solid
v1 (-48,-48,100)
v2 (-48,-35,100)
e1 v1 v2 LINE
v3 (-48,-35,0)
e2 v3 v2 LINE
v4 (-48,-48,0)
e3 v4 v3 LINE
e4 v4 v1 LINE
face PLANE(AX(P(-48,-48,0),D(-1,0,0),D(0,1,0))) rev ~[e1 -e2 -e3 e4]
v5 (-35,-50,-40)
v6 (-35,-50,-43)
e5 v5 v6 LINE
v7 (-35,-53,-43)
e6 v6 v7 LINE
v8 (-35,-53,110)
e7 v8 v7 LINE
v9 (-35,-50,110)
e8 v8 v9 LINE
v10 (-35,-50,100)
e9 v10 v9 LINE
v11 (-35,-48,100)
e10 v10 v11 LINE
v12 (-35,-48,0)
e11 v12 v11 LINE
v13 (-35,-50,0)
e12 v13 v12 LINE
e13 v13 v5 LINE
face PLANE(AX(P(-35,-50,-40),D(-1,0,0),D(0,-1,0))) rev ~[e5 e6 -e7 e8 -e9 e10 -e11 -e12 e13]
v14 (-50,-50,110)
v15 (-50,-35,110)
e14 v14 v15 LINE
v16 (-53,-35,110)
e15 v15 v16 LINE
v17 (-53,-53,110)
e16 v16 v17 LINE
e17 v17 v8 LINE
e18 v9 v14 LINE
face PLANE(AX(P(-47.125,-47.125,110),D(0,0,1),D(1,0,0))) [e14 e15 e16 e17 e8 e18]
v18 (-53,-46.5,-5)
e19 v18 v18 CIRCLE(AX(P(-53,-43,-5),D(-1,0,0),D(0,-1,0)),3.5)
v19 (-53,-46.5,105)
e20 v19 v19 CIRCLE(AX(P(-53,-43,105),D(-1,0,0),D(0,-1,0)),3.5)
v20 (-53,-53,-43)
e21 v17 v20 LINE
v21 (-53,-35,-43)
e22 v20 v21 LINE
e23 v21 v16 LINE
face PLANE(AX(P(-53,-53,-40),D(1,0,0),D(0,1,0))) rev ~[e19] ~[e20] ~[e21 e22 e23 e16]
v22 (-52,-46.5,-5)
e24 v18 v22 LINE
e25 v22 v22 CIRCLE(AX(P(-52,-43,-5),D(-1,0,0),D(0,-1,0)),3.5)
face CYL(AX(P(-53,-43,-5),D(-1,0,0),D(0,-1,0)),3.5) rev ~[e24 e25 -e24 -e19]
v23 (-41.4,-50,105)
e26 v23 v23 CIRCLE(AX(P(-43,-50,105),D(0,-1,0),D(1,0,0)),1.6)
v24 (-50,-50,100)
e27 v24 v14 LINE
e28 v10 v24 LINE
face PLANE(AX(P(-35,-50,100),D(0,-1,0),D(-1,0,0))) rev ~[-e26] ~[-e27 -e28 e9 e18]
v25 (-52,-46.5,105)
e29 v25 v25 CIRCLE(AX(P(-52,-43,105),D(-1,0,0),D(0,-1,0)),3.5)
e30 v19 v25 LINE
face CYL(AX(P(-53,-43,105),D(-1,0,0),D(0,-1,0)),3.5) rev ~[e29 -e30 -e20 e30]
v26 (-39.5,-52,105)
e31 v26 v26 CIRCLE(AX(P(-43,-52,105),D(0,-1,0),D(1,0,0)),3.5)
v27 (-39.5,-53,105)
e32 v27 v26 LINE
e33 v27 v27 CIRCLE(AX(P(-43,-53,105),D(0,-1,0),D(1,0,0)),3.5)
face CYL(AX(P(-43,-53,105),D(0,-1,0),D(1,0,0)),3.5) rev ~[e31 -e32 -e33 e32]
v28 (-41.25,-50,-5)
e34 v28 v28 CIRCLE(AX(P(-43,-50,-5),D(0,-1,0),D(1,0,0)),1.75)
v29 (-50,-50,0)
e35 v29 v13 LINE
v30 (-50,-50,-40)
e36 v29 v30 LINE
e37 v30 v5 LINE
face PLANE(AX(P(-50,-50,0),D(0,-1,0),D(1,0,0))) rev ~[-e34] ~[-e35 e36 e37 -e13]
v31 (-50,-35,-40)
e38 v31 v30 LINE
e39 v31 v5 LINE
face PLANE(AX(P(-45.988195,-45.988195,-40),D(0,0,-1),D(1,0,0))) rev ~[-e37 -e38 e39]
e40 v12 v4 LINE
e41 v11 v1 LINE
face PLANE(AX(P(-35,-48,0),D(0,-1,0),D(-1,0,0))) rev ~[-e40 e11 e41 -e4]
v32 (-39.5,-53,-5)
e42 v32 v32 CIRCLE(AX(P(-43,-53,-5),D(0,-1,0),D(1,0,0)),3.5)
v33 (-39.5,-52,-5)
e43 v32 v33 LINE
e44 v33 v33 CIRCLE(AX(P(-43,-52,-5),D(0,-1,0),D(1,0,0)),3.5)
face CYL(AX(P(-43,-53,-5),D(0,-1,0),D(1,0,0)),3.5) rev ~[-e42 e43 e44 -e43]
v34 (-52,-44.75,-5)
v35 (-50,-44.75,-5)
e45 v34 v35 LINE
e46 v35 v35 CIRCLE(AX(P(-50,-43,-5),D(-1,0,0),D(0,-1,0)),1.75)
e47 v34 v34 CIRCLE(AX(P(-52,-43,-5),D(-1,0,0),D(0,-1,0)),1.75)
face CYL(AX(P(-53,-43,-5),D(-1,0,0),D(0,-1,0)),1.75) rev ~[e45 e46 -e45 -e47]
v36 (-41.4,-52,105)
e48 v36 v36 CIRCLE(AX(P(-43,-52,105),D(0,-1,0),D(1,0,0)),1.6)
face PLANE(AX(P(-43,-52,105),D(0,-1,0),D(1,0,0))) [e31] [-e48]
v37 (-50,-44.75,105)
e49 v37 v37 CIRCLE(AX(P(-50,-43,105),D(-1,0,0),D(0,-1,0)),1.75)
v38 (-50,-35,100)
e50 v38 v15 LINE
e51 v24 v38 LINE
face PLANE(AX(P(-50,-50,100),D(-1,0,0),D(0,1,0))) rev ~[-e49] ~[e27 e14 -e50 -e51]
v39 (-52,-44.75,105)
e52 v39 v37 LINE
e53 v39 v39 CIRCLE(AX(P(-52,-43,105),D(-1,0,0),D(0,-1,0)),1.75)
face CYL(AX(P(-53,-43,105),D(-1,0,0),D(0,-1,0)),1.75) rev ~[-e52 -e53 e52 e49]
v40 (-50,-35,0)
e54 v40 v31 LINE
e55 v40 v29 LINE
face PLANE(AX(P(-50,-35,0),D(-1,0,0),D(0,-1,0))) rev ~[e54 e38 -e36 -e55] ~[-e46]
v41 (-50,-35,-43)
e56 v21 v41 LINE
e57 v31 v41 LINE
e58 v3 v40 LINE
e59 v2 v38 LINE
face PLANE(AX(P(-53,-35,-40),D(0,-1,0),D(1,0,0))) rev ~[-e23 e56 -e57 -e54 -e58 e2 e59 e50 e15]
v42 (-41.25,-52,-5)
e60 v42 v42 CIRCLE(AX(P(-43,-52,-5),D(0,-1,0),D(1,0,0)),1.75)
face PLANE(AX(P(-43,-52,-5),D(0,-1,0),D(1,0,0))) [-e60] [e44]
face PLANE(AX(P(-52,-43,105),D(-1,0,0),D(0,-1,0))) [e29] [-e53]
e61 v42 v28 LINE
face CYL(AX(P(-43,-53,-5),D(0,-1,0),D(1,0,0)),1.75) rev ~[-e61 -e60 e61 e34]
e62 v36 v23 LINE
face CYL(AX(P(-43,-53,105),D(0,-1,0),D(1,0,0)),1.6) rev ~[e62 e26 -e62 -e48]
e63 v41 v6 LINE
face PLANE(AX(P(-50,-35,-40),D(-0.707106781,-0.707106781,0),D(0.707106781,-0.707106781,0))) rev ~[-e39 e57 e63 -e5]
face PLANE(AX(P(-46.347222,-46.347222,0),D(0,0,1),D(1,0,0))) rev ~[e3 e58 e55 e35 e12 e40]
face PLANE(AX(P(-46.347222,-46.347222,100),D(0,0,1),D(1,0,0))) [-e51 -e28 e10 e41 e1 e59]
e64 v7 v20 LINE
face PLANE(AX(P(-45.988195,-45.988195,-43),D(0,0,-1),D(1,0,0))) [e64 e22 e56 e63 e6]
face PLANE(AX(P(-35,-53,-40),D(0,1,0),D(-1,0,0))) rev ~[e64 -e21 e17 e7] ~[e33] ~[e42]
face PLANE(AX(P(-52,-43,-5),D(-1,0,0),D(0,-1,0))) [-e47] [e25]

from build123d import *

# Parameters (mm, degrees)
PAD008_DEPTH    = 100
PAD009_DEPTH    = 10
SKETCH021_R     = 1.6
POCKET011_DEPTH = 5
SKETCH022_R     = 3.5
POCKET012_DEPTH = 1
SKETCH023_R     = 1.75
POCKET013_DEPTH = 5
SKETCH024_R     = 3.5
POCKET014_DEPTH = 1
PAD010_DEPTH    = 40
PAD011_DEPTH    = 3
SKETCH027_R     = 1.75
POCKET015_DEPTH = 5
SKETCH028_R     = 3.5
POCKET016_DEPTH = 1
SKETCH029_R     = 1.75
POCKET017_DEPTH = 5
SKETCH030_R     = 3.5
POCKET018_DEPTH = 1


with BuildPart() as part:
    # Sketch019 → Pad008 (new body)
    with BuildSketch(Plane.XY):
        Polygon((-53, -35), (-53, -53), (-35, -53), (-35, -48), (-48, -48), (-48, -35), align=None)
    extrude(amount=PAD008_DEPTH)

    # Sketch020 (on Face8 of Pad008) → Pad009 (join)
    with BuildSketch(Plane.XY.offset(100)):
        Polygon((-53, -35), (-53, -53), (-35, -53), (-35, -50), (-50, -50), (-50, -35), align=None)
    extrude(amount=PAD009_DEPTH)

    # Sketch021 (on Face14 of Pad009) → Pocket011 (cut)
    with BuildSketch(Plane.XZ.offset(53)):
        with Locations((-43, 105)):
            Circle(SKETCH021_R)
    extrude(amount=-POCKET011_DEPTH, mode=Mode.SUBTRACT)

    # Sketch022 (on Face14 of Pocket011) → Pocket012 (cut)
    with BuildSketch(Plane.XZ.offset(53)):
        with Locations((-43, 105)):
            Circle(SKETCH022_R)
    extrude(amount=-POCKET012_DEPTH, mode=Mode.SUBTRACT)

    # Sketch023 (on Face9 of Pocket012) → Pocket013 (cut)
    with BuildSketch(Plane(origin=(-53, 0, 0), x_dir=(0, -1, 0), z_dir=(-1, 0, 0))):
        with Locations((43, 105)):
            Circle(SKETCH023_R)
    extrude(amount=-POCKET013_DEPTH, mode=Mode.SUBTRACT)

    # Sketch024 (on Face9 of Pocket013) → Pocket014 (cut)
    with BuildSketch(Plane(origin=(-53, 0, 0), x_dir=(0, -1, 0), z_dir=(-1, 0, 0))):
        with Locations((43, 105)):
            Circle(SKETCH024_R)
    extrude(amount=-POCKET014_DEPTH, mode=Mode.SUBTRACT)

    # Sketch025 (on Face4 of Pocket014) → Pad010 (join)
    with BuildSketch(Plane(origin=(0, 0, 0), x_dir=(1, 0, 0), z_dir=(0, 0, -1))):
        Polygon((-35, 53), (-53, 53), (-53, 35), (-50, 35), (-50, 50), (-35, 50), align=None)
    extrude(amount=PAD010_DEPTH)

    # Sketch026 (on Face15 of Pad010) → Pad011 (join)
    with BuildSketch(Plane(origin=(0, 0, -40), x_dir=(1, 0, 0), z_dir=(0, 0, -1))):
        Polygon((-35, 50), (-35, 53), (-53, 53), (-53, 35), (-50, 35), align=None)
    extrude(amount=PAD011_DEPTH)

    # Sketch027 (on Face10 of Pad011) → Pocket015 (cut)
    with BuildSketch(Plane(origin=(-53, 0, 0), x_dir=(0, -1, 0), z_dir=(-1, 0, 0))):
        with Locations((43, -5)):
            Circle(SKETCH027_R)
    extrude(amount=-POCKET015_DEPTH, mode=Mode.SUBTRACT)

    # Sketch028 (on Face10 of Pocket015) → Pocket016 (cut)
    with BuildSketch(Plane(origin=(-53, 0, 0), x_dir=(0, -1, 0), z_dir=(-1, 0, 0))):
        with Locations((43, -5)):
            Circle(SKETCH028_R)
    extrude(amount=-POCKET016_DEPTH, mode=Mode.SUBTRACT)

    # Sketch029 (on Face19 of Pocket016) → Pocket017 (cut)
    with BuildSketch(Plane.XZ.offset(53)):
        with Locations((-43, -5)):
            Circle(SKETCH029_R)
    extrude(amount=-POCKET017_DEPTH, mode=Mode.SUBTRACT)

    # Sketch030 (on Face19 of Pocket017) → Pocket018 (cut)
    with BuildSketch(Plane.XZ.offset(53)):
        with Locations((-43, -5)):
            Circle(SKETCH030_R)
    extrude(amount=-POCKET018_DEPTH, mode=Mode.SUBTRACT)


solid = part.part
